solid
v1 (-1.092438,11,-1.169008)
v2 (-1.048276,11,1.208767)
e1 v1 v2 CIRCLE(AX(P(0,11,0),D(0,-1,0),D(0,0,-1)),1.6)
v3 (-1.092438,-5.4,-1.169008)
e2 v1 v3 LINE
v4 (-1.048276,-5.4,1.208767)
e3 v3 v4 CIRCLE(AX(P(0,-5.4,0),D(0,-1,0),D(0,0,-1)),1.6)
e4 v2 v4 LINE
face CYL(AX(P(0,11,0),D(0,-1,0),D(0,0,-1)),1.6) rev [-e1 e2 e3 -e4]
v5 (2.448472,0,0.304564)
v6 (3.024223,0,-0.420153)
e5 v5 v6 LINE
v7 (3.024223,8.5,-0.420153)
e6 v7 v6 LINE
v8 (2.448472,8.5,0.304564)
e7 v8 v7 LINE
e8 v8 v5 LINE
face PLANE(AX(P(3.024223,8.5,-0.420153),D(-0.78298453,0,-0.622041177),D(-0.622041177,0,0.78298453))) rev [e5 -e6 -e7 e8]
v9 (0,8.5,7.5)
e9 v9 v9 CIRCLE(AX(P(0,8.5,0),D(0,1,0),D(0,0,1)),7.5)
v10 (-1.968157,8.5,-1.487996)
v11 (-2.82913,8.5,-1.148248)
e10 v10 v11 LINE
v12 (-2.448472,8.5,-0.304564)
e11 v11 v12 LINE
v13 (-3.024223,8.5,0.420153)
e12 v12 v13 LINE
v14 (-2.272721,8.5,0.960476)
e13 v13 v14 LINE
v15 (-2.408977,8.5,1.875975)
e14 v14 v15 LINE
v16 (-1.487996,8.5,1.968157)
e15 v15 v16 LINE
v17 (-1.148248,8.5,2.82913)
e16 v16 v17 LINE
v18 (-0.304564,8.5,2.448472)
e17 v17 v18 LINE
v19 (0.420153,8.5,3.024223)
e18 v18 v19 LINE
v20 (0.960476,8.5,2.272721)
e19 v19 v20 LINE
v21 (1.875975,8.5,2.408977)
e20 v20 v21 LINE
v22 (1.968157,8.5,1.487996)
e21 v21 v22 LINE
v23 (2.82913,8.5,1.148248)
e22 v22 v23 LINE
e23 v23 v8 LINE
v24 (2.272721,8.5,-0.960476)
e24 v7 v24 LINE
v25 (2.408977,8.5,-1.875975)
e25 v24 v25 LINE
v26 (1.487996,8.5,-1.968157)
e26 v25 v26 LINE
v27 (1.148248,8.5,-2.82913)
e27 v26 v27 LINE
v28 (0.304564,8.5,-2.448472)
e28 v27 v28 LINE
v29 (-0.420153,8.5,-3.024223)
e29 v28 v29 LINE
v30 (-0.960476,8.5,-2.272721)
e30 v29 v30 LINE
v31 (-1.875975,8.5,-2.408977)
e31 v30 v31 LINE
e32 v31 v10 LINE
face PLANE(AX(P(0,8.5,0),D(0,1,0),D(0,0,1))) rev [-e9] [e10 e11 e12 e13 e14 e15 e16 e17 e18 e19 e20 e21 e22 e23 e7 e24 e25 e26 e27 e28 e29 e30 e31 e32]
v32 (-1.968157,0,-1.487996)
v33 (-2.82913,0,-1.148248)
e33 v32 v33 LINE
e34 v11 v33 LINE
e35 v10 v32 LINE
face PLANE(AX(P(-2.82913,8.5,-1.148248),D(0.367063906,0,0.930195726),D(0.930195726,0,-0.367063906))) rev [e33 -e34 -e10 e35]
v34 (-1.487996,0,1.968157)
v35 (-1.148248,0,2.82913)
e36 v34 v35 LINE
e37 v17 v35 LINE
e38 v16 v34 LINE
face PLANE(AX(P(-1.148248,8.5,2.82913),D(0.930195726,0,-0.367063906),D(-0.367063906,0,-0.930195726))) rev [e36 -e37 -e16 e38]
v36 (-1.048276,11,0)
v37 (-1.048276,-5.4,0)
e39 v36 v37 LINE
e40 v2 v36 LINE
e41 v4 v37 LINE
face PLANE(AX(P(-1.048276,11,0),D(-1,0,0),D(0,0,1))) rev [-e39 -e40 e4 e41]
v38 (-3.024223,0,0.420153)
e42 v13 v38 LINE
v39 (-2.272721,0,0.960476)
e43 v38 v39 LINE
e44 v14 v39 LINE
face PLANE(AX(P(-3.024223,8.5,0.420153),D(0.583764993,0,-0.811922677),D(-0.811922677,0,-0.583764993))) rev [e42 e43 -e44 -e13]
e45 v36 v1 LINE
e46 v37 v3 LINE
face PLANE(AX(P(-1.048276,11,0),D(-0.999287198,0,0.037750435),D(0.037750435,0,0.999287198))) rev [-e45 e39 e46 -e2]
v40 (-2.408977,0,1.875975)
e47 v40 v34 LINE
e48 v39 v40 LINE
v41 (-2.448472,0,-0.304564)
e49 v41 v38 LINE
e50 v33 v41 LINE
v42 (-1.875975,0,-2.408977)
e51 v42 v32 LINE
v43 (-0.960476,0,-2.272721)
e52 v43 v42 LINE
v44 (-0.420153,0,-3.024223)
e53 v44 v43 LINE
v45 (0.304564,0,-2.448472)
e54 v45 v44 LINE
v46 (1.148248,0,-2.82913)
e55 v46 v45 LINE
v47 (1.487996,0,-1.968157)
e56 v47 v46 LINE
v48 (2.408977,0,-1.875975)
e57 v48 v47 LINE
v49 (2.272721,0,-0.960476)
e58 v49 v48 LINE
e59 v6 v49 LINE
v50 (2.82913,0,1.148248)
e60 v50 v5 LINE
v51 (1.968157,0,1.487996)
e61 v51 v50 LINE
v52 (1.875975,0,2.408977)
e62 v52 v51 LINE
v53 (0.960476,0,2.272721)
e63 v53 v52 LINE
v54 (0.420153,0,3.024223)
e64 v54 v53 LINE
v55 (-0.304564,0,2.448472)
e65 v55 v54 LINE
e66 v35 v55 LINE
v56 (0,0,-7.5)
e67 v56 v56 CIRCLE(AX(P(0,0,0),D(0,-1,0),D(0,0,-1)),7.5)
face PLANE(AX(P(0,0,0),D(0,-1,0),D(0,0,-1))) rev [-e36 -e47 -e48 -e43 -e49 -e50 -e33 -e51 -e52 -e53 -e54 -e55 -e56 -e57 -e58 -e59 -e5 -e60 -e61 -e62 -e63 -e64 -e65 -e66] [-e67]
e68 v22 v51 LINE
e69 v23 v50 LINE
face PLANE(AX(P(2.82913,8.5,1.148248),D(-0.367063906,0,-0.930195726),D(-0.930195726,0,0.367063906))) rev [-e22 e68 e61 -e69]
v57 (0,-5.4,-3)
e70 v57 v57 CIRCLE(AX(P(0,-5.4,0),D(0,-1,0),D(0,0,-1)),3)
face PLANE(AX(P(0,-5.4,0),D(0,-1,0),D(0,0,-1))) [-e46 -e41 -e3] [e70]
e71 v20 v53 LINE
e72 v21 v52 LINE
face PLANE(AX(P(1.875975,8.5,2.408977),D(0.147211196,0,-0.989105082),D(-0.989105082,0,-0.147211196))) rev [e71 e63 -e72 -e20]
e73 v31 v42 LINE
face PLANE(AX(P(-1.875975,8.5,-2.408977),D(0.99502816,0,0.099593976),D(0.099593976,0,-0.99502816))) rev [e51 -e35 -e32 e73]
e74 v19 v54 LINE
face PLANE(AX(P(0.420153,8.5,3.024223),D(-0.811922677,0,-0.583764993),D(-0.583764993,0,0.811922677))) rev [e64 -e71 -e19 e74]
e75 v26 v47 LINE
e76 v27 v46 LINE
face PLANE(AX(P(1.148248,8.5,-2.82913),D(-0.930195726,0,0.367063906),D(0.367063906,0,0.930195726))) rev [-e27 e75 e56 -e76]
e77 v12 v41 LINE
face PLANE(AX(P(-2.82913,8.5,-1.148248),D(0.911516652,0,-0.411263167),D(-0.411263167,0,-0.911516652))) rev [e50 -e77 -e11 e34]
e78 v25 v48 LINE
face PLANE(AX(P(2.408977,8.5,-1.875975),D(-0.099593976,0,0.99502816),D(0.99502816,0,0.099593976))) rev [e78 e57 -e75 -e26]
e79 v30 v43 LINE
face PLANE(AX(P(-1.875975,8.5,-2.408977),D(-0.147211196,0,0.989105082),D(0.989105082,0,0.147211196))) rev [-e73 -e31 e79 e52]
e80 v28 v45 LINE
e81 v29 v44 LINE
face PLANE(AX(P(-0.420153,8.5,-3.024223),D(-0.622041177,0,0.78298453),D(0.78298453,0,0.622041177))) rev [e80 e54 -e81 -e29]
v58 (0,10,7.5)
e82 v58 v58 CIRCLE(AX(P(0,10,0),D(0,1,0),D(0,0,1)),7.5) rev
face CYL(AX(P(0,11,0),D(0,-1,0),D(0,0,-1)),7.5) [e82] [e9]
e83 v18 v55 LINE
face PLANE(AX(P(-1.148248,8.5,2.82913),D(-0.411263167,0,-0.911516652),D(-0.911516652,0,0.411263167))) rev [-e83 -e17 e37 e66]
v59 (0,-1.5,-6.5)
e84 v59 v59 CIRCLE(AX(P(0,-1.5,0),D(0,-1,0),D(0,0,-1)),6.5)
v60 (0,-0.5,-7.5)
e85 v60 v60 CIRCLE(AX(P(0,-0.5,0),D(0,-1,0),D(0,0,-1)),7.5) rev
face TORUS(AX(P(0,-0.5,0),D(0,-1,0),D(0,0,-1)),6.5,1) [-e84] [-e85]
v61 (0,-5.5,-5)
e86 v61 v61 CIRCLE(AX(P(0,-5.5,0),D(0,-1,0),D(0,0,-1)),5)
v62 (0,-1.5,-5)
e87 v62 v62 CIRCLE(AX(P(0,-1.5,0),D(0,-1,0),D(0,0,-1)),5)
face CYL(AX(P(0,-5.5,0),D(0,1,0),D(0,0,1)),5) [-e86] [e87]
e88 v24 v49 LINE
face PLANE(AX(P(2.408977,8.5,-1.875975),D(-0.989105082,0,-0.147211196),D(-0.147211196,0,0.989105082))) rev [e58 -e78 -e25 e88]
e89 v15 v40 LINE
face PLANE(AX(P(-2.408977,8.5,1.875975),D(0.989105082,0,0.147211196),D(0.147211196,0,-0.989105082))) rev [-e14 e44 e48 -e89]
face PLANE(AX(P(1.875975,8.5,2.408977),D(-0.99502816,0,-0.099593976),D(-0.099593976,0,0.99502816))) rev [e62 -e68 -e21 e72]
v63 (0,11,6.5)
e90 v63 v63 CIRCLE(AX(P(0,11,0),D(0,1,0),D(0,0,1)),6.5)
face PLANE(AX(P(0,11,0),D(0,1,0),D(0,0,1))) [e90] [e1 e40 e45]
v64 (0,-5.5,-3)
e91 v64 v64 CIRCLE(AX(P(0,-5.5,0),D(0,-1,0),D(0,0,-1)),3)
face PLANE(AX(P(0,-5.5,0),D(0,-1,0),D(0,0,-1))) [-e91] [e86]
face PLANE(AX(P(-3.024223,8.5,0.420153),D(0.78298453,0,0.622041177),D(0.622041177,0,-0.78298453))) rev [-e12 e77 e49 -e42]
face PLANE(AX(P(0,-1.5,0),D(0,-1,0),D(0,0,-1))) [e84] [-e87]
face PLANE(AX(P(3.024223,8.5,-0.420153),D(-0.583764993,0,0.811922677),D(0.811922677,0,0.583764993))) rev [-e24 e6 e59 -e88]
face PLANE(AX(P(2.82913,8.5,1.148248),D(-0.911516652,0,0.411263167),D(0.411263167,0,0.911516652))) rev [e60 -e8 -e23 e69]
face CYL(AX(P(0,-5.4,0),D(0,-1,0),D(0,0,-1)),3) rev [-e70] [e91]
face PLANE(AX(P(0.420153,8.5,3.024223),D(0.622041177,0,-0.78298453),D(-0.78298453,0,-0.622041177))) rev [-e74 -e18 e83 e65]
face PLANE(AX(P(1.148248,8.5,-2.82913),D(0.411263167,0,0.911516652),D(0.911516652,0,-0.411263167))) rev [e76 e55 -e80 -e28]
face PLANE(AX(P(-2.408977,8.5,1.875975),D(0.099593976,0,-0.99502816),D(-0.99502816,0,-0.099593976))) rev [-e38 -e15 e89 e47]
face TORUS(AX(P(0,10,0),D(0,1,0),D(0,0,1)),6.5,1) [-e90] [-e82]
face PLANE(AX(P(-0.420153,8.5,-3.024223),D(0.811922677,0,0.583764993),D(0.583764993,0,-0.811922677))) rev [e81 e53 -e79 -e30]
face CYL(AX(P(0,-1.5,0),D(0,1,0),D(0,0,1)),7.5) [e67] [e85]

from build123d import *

# Parameters (mm, degrees)
BOSS_EXTRU_2_DEPTH      = 8.5
ESQUISSE2_R             = 7.5
BOSS_EXTRU_3_DEPTH      = 2.5
BOSS_EXTRU_4_START      = 1.5
ESQUISSE3_R             = 7.5
BOSS_EXTRU_4_DEPTH      = 1.5
ESQUISSE4_R             = 5
BOSS_EXTRU_5_DEPTH      = 4
ESQUISSE6_R             = 3
ENL_V_MAT_EXTRU_2_DEPTH = 0.1
CONG_4_R                = 1
ENL_V_MAT_EXTRU_3_DEPTH = 20.531001075


with BuildPart() as part:
    # Esquisse1 → Boss.-Extru.2 (new body)
    with BuildSketch(Plane(origin=(0, 0, 0), x_dir=(1, 0, 0), z_dir=(0, 1, 0))):
        Polygon((2.408977243, 1.875974594), (1.487996247, 1.96815707), (1.148248192, 2.829130277), (0.304564016, 2.448472144), (-0.420153034, 3.024222787), (-0.960475898, 2.272721085), (-1.875974594, 2.408977243), (-1.96815707, 1.487996247), (-2.829130277, 1.148248192), (-2.448472144, 0.304564016), (-3.024222787, -0.420153034), (-2.272721085, -0.960475898), (-2.408977243, -1.875974594), (-1.487996247, -1.96815707), (-1.148248192, -2.829130277), (-0.304564016, -2.448472144), (0.420153034, -3.024222787), (0.960475898, -2.272721085), (1.875974594, -2.408977243), (1.96815707, -1.487996247), (2.829130277, -1.148248192), (2.448472144, -0.304564016), (3.024222787, 0.420153034), (2.272721085, 0.960475898), align=None)
    extrude(amount=BOSS_EXTRU_2_DEPTH)

    # Esquisse2 → Boss.-Extru.3 (add)
    with BuildSketch(Plane(origin=(0, 8.5, 0), x_dir=(1, 0, 0), z_dir=(0, 1, 0))):
        with Locations(Location((0, 0, 0), (0, 0, 270))):
            Circle(ESQUISSE2_R)
    extrude(amount=BOSS_EXTRU_3_DEPTH)

    # Esquisse3 → Boss.-Extru.4 (add)
    with BuildSketch(Plane.XZ.offset(BOSS_EXTRU_4_START)):
        with Locations(Location((0, 0, 0), (0, 0, 90))):
            Circle(ESQUISSE3_R)
    extrude(amount=-BOSS_EXTRU_4_DEPTH)

    # Esquisse4 → Boss.-Extru.5 (add)
    with BuildSketch(Plane.XZ.offset(1.5)):
        with Locations(Location((0, 0, 0), (0, 0, 270))):
            Circle(ESQUISSE4_R)
    extrude(amount=BOSS_EXTRU_5_DEPTH)

    # Esquisse6 → Enlèv. mat.-Extru.2 (cut)
    with BuildSketch(Plane.XZ.offset(5.5)):
        with Locations(Location((0, 0, 0), (0, 0, 270))):
            Circle(ESQUISSE6_R)
    extrude(amount=-ENL_V_MAT_EXTRU_2_DEPTH, mode=Mode.SUBTRACT)

    # Congé4
    cong_4_edges = [part.edges().sort_by_distance(p)[0] for p in [
        (0, 11, -7.5),
        (0, -1.5, -7.5),
    ]]
    fillet(cong_4_edges, radius=CONG_4_R)

    # Esquisse7 → Enlèv. mat.-Extru.3 (cut, through all)
    with BuildSketch(Plane.XZ.offset(5.4)):
        with BuildLine():
            Line((-1.048275862, 0), (-1.092437897, -1.169007888))
            ThreePointArc((-1.092437897, -1.169007888), (1.599724111, -0.029711421), (-1.048275862, 1.208767023))
            Line((-1.048275862, 1.208767023), (-1.048275862, 0))
        make_face()
    extrude(amount=-ENL_V_MAT_EXTRU_3_DEPTH, mode=Mode.SUBTRACT)


solid = part.part
